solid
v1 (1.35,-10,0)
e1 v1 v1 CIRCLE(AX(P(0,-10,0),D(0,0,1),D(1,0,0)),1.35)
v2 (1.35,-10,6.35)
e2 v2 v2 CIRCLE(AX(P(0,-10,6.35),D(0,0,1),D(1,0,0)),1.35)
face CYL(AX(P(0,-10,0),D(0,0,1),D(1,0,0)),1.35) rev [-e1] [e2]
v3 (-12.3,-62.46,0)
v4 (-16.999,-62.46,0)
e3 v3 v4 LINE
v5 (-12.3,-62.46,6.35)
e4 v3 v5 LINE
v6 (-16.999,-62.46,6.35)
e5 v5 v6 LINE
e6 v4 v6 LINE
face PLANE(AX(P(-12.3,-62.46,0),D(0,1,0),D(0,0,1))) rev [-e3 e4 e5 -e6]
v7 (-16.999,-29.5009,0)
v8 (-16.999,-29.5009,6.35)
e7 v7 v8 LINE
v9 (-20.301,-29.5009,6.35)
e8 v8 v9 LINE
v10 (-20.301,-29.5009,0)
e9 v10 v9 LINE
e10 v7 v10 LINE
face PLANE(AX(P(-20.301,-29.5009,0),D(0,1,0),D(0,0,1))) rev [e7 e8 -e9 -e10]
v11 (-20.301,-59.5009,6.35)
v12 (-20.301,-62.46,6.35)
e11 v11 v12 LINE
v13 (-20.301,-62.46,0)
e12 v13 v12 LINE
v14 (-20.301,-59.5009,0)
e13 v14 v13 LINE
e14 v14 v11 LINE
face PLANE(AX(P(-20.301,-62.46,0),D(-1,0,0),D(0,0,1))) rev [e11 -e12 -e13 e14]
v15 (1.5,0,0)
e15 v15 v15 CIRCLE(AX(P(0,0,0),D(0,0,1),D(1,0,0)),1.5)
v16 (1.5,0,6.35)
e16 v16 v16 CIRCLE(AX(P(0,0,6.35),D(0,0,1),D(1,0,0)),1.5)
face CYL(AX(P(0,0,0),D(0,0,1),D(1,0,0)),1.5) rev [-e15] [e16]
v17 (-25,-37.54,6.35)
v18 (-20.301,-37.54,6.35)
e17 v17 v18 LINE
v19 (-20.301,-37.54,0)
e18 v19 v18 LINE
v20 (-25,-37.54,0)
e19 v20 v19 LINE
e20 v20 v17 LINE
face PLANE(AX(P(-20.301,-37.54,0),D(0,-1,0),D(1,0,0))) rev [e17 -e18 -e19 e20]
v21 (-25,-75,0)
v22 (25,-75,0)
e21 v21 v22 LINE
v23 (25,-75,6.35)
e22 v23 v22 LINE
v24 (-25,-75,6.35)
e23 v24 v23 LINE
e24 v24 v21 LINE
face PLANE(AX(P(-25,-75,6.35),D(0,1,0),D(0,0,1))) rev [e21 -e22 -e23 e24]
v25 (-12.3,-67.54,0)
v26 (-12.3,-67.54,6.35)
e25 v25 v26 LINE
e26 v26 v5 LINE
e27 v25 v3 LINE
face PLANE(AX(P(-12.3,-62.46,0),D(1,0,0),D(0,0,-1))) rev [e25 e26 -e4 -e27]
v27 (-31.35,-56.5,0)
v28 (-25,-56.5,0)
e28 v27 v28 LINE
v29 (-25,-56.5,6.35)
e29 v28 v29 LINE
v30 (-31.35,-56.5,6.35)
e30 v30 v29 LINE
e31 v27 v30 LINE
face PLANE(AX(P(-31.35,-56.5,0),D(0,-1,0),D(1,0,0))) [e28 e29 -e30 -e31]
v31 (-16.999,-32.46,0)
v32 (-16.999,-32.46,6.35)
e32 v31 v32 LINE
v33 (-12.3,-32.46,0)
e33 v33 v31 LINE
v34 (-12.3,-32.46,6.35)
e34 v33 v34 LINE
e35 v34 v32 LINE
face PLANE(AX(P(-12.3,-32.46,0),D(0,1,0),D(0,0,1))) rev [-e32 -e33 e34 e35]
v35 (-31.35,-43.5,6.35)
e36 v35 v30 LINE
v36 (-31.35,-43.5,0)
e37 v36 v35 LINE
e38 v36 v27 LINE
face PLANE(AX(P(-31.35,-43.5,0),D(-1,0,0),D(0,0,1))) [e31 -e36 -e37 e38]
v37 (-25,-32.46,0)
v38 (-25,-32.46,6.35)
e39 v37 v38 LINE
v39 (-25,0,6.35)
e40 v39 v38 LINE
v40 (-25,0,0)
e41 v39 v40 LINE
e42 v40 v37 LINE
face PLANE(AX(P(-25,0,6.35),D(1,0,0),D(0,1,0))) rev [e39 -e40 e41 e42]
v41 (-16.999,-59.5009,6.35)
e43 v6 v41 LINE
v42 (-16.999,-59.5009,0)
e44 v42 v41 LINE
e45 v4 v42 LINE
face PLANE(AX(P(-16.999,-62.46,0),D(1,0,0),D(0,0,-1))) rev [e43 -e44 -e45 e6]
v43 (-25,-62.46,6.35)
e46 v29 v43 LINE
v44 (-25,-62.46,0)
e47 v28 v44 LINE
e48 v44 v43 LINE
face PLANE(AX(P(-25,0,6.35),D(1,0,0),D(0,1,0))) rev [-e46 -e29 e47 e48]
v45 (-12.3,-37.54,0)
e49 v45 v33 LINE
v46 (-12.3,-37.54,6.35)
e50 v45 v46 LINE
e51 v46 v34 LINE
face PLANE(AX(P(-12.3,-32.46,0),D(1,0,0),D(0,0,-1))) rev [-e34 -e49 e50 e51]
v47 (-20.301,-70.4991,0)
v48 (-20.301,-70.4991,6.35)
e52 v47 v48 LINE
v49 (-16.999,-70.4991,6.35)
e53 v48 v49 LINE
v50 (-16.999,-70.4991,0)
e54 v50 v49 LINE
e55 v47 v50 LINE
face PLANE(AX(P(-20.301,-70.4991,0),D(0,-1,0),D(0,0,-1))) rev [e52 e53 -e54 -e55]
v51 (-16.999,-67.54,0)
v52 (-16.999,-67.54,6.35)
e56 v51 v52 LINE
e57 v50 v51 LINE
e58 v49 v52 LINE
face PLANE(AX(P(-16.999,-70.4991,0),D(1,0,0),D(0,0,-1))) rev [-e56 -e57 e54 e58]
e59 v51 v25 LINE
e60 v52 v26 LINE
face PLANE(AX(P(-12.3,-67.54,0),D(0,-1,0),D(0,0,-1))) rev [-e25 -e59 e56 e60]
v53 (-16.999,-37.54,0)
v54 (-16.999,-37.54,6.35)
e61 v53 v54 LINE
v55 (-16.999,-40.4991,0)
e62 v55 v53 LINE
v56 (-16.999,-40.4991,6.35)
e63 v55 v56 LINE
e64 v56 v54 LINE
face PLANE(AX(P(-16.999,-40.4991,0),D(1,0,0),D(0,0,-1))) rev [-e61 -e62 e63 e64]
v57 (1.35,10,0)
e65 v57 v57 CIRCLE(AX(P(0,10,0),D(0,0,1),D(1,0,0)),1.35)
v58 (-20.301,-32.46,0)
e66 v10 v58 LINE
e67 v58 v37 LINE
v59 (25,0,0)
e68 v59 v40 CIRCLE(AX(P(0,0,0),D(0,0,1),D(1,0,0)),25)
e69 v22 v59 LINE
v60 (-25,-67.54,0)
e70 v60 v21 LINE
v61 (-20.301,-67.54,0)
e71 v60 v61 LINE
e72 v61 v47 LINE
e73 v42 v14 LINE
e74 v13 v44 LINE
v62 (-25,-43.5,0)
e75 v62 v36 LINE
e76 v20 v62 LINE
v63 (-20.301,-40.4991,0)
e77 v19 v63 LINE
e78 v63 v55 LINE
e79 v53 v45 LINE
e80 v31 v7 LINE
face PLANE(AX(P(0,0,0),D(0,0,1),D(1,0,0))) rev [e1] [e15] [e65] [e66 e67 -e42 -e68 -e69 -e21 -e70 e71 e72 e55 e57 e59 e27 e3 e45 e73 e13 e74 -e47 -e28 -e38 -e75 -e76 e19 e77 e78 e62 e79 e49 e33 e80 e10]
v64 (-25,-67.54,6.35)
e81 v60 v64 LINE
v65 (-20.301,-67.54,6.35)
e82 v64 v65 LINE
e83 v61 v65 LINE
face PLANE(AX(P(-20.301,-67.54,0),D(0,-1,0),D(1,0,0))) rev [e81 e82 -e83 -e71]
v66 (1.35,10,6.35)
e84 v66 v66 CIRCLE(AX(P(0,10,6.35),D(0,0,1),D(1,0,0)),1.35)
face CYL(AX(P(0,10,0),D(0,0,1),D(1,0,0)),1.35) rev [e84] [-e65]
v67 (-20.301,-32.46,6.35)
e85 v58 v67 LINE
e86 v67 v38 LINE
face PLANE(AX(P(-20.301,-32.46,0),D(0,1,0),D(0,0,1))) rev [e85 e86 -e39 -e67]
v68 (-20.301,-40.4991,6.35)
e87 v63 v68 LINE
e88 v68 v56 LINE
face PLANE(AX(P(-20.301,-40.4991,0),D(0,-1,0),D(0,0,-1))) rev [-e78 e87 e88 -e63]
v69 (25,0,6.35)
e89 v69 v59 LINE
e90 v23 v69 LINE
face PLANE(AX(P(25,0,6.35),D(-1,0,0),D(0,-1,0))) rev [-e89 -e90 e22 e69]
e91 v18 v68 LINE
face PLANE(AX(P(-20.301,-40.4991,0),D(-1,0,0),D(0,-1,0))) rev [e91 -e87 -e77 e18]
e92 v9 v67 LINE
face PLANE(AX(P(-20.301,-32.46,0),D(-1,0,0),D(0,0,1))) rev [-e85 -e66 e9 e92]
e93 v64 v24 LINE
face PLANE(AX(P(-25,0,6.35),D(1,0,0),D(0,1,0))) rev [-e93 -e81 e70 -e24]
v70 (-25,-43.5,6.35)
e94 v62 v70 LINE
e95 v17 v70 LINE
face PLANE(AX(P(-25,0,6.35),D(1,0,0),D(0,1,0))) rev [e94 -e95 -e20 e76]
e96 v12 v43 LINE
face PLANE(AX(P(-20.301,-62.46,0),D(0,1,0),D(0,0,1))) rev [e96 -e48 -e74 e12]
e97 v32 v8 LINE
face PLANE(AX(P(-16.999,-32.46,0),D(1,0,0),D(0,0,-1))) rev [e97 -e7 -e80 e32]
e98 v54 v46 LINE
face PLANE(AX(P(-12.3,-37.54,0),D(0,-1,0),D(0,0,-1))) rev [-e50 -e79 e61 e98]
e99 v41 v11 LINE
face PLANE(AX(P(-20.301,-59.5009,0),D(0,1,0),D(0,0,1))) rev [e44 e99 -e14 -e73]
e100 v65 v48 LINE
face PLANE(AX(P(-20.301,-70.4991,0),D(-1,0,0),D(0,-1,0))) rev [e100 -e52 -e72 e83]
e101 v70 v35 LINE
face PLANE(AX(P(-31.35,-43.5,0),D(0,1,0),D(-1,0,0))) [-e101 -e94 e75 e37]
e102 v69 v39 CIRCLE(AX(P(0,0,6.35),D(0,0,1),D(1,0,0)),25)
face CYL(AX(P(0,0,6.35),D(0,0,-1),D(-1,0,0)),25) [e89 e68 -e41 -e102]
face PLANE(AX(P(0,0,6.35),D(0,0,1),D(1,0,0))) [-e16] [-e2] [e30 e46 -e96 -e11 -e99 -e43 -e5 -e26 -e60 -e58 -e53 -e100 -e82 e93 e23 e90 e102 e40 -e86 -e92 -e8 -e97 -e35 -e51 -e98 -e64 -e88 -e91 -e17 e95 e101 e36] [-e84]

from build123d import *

# Parameters (mm, degrees)
BOSS_EXTRUDE1_DEPTH = 6.35
SKETCH2_R           = 1.5
SKETCH2_R_2         = 1.35
CUT_EXTRUDE1_DEPTH  = 80.311553383
CUT_EXTRUDE3_DEPTH  = 80.311553383
SKETCH7_W           = 6.35
SKETCH7_H           = 13
BOSS_EXTRUDE3_DEPTH = 6.35


with BuildPart() as part:
    # Sketch1 → Boss-Extrude1 (new body)
    with BuildSketch(Plane.XY):
        with BuildLine():
            Line((-25, 0), (-25, -75))
            Line((-25, -75), (25, -75))
            Line((25, -75), (25, 0))
            ThreePointArc((25, 0), (0, 25), (-25, 0))
        make_face()
    extrude(amount=BOSS_EXTRUDE1_DEPTH)

    # Sketch2 → Cut-Extrude1 (cut, through all)
    with BuildSketch(Plane.XY.offset(6.35)):
        Circle(SKETCH2_R)
        with Locations((0, 10)):
            Circle(SKETCH2_R_2)
        with Locations((0, -10)):
            Circle(SKETCH2_R_2)
    extrude(amount=-CUT_EXTRUDE1_DEPTH, mode=Mode.SUBTRACT)

    # Sketch6 → Cut-Extrude3 (cut, through all)
    with BuildSketch(Plane.XY.offset(6.35)):
        Polygon((-12.3, -67.54), (-16.999, -67.54), (-16.999, -70.4991), (-20.301, -70.4991), (-20.301, -67.54), (-25, -67.54), (-25, -62.46), (-20.301, -62.46), (-20.301, -59.5009), (-16.999, -59.5009), (-16.999, -62.46), (-12.3, -62.46), align=None)
        Polygon((-12.3, -37.54), (-16.999, -37.54), (-16.999, -40.4991), (-20.301, -40.4991), (-20.301, -37.54), (-25, -37.54), (-25, -32.46), (-20.301, -32.46), (-20.301, -29.5009), (-16.999, -29.5009), (-16.999, -32.46), (-12.3, -32.46), align=None)
    extrude(amount=-CUT_EXTRUDE3_DEPTH, mode=Mode.SUBTRACT)

    # Sketch7 → Boss-Extrude3 (add)
    with BuildSketch(Plane.XY.offset(6.35)):
        with Locations((-28.175, -50)):
            Rectangle(SKETCH7_W, SKETCH7_H)
    extrude(amount=-BOSS_EXTRUDE3_DEPTH)


solid = part.part
